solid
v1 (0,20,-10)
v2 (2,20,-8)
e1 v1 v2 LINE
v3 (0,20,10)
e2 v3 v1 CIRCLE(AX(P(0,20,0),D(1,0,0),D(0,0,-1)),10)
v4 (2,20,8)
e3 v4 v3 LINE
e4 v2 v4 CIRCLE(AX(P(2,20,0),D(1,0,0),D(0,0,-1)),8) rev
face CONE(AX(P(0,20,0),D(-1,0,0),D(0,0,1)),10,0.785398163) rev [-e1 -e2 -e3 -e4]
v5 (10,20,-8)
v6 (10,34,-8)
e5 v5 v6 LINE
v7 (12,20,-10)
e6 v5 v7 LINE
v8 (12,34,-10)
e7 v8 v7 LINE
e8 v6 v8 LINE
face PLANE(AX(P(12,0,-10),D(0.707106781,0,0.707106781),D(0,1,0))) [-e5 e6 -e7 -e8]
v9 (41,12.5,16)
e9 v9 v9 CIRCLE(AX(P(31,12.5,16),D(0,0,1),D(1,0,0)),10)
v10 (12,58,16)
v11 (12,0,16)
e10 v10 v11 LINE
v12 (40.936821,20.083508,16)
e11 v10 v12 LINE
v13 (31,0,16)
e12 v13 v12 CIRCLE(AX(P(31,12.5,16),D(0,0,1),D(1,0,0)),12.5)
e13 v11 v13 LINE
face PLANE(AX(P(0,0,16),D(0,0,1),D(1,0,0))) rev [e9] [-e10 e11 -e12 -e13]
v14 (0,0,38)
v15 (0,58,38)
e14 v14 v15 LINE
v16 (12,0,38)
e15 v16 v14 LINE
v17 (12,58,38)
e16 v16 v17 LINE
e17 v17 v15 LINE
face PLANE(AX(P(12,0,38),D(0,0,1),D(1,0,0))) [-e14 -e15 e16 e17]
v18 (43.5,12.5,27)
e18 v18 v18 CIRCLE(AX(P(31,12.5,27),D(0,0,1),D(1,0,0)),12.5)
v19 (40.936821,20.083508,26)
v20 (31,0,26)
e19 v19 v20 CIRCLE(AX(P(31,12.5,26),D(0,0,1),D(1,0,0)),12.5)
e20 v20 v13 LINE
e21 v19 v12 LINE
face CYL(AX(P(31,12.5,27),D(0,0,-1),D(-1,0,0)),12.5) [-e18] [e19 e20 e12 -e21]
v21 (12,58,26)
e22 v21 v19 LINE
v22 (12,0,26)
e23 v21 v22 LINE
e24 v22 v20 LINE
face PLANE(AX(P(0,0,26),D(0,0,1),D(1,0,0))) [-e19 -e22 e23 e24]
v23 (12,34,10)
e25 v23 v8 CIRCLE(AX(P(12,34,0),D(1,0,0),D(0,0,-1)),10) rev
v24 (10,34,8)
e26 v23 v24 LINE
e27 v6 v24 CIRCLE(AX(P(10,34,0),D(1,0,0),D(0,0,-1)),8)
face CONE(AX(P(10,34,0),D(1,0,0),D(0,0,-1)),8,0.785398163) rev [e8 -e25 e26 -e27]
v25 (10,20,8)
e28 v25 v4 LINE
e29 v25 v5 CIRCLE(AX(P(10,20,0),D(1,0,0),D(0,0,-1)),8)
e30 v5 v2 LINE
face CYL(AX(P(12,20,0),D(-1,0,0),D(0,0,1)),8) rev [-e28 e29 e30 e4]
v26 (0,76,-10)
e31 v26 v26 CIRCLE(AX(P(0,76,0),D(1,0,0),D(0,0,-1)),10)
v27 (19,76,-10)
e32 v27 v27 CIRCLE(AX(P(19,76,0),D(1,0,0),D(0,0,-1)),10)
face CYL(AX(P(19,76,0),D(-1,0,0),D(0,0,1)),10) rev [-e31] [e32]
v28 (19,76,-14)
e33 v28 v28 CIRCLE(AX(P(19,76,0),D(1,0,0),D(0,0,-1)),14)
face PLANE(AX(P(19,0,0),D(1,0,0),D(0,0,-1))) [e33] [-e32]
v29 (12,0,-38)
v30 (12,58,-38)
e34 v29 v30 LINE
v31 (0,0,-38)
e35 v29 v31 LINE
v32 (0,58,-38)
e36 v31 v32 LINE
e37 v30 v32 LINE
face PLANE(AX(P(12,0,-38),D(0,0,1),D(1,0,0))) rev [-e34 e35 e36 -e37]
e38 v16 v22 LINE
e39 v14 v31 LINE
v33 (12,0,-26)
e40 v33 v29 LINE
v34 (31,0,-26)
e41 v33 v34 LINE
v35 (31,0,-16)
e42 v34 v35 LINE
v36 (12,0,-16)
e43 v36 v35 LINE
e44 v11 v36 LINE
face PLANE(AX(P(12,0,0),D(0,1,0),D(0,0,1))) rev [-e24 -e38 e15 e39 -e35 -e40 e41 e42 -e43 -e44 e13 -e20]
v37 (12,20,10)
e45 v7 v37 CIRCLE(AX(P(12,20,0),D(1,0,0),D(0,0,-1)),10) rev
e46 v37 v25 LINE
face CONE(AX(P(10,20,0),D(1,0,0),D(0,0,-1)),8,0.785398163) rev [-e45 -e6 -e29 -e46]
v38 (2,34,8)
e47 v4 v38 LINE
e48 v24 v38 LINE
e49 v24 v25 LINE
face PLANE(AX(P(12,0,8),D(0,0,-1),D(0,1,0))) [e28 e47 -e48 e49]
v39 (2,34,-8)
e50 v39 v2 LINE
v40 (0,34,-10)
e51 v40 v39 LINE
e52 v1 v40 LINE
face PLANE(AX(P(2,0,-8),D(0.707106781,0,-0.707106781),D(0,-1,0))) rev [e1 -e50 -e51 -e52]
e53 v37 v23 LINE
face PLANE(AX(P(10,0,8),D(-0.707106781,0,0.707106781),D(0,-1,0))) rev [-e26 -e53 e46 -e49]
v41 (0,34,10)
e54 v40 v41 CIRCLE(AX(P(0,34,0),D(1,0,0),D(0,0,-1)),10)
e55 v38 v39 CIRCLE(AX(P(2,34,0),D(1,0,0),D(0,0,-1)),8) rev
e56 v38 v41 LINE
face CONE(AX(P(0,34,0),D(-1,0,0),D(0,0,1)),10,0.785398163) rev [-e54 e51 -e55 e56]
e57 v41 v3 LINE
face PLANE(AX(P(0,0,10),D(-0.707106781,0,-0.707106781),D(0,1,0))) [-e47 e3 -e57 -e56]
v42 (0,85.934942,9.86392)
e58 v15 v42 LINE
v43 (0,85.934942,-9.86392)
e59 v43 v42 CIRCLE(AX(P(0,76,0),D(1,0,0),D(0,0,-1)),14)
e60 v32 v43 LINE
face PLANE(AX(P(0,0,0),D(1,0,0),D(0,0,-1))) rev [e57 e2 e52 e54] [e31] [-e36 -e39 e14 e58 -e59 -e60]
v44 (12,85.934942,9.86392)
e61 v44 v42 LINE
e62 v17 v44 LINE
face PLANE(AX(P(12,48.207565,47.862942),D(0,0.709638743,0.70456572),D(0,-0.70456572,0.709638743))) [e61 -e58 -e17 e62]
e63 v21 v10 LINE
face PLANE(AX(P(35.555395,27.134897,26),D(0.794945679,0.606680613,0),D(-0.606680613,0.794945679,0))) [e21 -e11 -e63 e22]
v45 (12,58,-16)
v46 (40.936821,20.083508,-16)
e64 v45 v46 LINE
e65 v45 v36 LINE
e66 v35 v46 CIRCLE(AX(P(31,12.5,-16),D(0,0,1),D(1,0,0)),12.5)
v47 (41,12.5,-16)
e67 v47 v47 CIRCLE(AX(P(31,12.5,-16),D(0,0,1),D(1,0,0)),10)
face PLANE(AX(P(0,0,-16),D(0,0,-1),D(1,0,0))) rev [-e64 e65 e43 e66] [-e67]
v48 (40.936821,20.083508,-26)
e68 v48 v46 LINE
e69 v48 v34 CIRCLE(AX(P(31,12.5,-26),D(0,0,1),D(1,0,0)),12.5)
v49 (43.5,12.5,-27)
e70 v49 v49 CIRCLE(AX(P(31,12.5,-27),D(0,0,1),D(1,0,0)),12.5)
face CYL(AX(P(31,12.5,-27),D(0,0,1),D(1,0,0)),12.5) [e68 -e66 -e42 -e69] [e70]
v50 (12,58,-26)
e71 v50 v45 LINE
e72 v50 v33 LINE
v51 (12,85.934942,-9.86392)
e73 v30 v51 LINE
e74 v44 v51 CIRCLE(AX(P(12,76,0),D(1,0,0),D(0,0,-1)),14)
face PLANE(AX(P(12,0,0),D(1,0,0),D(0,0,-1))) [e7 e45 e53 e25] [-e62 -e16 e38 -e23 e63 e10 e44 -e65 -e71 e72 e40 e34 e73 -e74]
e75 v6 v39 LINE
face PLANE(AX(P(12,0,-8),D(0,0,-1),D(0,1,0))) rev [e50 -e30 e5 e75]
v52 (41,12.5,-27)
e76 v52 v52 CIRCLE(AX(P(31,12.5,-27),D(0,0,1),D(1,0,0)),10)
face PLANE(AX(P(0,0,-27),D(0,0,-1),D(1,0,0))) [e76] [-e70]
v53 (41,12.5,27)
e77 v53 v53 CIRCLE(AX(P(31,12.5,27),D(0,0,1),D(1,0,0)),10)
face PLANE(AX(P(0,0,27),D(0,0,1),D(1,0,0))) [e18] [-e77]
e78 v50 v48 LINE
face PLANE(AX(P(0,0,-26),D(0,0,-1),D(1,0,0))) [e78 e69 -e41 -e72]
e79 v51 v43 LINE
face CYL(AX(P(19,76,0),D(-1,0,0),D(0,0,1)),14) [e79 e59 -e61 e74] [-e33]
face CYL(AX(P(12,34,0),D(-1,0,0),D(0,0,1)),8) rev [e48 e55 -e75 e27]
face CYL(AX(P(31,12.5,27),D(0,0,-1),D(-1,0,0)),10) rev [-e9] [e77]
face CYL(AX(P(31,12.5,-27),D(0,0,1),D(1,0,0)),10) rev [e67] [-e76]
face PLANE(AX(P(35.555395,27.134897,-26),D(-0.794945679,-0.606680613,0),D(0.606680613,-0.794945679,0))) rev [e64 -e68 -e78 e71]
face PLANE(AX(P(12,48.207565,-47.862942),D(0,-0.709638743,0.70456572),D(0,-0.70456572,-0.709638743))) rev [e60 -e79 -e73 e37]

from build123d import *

# Parameters (mm, degrees)
BOSS_EXTRUDE1_DEPTH = 12
SKETCH1_3_R         = 10
BOSS_EXTRUDE2_DEPTH = 19
BOSS_EXTRUDE3_START = 16
BOSS_EXTRUDE3_DEPTH = 10
BOSS_EXTRUDE4_START = 16
SKETCH2_4_R         = 10
BOSS_EXTRUDE4_DEPTH = 11
CHAMFER1_SIZE       = 2


with BuildPart() as part:
    # Sketch1 → Boss-Extrude1 (new body)
    with BuildSketch(Plane(origin=(0, 0, 0), x_dir=(0, 0, -1), z_dir=(1, 0, 0))):
        with BuildLine():
            Line((38, 0), (38, 58))
            Line((38, 58), (9.863920086, 85.934942403))
            ThreePointArc((9.863920086, 85.934942403), (12.924683385, 81.380758255), (14, 76))
            ThreePointArc((14, 76), (-5.380758255, 63.075316615), (-9.863920086, 85.934942403))
            Line((-9.863920086, 85.934942403), (-38, 58))
            Line((-38, 58), (-38, 0))
            Line((-38, 0), (38, 0))
        make_face()
        with BuildLine():
            ThreePointArc((-8, 34), (0, 42), (8, 34))
            Line((8, 34), (8, 20))
            ThreePointArc((8, 20), (0, 12), (-8, 20))
            Line((-8, 20), (-8, 34))
        make_face(mode=Mode.SUBTRACT)
    extrude(amount=BOSS_EXTRUDE1_DEPTH)

    # Sketch1<3> → Boss-Extrude2 (add)
    with BuildSketch(Plane(origin=(0, 0, 0), x_dir=(0, 0, -1), z_dir=(1, 0, 0))):
        with BuildLine():
            ThreePointArc((14, 76), (12.924683385, 81.380758255), (9.863920086, 85.934942403))
            ThreePointArc((9.863920086, 85.934942403), (0, 90), (-9.863920086, 85.934942403))
            ThreePointArc((-9.863920086, 85.934942403), (-5.380758255, 63.075316615), (14, 76))
        make_face()
        with Locations((0, 76)):
            Circle(SKETCH1_3_R, mode=Mode.SUBTRACT)
    extrude(amount=BOSS_EXTRUDE2_DEPTH)

    # Sketch2 → Boss-Extrude3 (add)
    with BuildSketch(Plane.XY.offset(BOSS_EXTRUDE3_START)):
        with BuildLine():
            Line((12, 58), (12, 0))
            Line((12, 0), (31, 0))
            ThreePointArc((31, 0), (19.796343324, 18.043291177), (40.936820993, 20.083507668))
            Line((40.936820993, 20.083507668), (12, 58))
        make_face()
    boss_extrude3 = extrude(amount=BOSS_EXTRUDE3_DEPTH)

    # Sketch2<4> → Boss-Extrude4 (add)
    with BuildSketch(Plane.XY.offset(BOSS_EXTRUDE4_START)):
        with BuildLine():
            ThreePointArc((40.936820993, 20.083507668), (19.796343324, 18.043291177), (31, 0))
            ThreePointArc((31, 0), (39.838834765, 3.661165235), (43.5, 12.5))
            ThreePointArc((43.5, 12.5), (42.841880392, 16.502482828), (40.936820993, 20.083507668))
        make_face()
        with Locations((31, 12.5)):
            Circle(SKETCH2_4_R, mode=Mode.SUBTRACT)
    boss_extrude4 = extrude(amount=BOSS_EXTRUDE4_DEPTH)

    # Mirror2: Boss-Extrude3, Boss-Extrude4 across plane
    add(boss_extrude3.mirror(Plane.XY))
    add(boss_extrude4.mirror(Plane.XY))

    # Chamfer1
    chamfer1_edges = [part.edges().sort_by_distance(p)[0] for p in [
        (0, 42, 0),
        (0, 27, -8),
        (0, 12, 0),
        (0, 27, 8),
        (12, 42, 0),
        (12, 27, 8),
        (12, 27, -8),
        (12, 12, 0),
    ]]
    chamfer(chamfer1_edges, length=CHAMFER1_SIZE)


solid = part.part
